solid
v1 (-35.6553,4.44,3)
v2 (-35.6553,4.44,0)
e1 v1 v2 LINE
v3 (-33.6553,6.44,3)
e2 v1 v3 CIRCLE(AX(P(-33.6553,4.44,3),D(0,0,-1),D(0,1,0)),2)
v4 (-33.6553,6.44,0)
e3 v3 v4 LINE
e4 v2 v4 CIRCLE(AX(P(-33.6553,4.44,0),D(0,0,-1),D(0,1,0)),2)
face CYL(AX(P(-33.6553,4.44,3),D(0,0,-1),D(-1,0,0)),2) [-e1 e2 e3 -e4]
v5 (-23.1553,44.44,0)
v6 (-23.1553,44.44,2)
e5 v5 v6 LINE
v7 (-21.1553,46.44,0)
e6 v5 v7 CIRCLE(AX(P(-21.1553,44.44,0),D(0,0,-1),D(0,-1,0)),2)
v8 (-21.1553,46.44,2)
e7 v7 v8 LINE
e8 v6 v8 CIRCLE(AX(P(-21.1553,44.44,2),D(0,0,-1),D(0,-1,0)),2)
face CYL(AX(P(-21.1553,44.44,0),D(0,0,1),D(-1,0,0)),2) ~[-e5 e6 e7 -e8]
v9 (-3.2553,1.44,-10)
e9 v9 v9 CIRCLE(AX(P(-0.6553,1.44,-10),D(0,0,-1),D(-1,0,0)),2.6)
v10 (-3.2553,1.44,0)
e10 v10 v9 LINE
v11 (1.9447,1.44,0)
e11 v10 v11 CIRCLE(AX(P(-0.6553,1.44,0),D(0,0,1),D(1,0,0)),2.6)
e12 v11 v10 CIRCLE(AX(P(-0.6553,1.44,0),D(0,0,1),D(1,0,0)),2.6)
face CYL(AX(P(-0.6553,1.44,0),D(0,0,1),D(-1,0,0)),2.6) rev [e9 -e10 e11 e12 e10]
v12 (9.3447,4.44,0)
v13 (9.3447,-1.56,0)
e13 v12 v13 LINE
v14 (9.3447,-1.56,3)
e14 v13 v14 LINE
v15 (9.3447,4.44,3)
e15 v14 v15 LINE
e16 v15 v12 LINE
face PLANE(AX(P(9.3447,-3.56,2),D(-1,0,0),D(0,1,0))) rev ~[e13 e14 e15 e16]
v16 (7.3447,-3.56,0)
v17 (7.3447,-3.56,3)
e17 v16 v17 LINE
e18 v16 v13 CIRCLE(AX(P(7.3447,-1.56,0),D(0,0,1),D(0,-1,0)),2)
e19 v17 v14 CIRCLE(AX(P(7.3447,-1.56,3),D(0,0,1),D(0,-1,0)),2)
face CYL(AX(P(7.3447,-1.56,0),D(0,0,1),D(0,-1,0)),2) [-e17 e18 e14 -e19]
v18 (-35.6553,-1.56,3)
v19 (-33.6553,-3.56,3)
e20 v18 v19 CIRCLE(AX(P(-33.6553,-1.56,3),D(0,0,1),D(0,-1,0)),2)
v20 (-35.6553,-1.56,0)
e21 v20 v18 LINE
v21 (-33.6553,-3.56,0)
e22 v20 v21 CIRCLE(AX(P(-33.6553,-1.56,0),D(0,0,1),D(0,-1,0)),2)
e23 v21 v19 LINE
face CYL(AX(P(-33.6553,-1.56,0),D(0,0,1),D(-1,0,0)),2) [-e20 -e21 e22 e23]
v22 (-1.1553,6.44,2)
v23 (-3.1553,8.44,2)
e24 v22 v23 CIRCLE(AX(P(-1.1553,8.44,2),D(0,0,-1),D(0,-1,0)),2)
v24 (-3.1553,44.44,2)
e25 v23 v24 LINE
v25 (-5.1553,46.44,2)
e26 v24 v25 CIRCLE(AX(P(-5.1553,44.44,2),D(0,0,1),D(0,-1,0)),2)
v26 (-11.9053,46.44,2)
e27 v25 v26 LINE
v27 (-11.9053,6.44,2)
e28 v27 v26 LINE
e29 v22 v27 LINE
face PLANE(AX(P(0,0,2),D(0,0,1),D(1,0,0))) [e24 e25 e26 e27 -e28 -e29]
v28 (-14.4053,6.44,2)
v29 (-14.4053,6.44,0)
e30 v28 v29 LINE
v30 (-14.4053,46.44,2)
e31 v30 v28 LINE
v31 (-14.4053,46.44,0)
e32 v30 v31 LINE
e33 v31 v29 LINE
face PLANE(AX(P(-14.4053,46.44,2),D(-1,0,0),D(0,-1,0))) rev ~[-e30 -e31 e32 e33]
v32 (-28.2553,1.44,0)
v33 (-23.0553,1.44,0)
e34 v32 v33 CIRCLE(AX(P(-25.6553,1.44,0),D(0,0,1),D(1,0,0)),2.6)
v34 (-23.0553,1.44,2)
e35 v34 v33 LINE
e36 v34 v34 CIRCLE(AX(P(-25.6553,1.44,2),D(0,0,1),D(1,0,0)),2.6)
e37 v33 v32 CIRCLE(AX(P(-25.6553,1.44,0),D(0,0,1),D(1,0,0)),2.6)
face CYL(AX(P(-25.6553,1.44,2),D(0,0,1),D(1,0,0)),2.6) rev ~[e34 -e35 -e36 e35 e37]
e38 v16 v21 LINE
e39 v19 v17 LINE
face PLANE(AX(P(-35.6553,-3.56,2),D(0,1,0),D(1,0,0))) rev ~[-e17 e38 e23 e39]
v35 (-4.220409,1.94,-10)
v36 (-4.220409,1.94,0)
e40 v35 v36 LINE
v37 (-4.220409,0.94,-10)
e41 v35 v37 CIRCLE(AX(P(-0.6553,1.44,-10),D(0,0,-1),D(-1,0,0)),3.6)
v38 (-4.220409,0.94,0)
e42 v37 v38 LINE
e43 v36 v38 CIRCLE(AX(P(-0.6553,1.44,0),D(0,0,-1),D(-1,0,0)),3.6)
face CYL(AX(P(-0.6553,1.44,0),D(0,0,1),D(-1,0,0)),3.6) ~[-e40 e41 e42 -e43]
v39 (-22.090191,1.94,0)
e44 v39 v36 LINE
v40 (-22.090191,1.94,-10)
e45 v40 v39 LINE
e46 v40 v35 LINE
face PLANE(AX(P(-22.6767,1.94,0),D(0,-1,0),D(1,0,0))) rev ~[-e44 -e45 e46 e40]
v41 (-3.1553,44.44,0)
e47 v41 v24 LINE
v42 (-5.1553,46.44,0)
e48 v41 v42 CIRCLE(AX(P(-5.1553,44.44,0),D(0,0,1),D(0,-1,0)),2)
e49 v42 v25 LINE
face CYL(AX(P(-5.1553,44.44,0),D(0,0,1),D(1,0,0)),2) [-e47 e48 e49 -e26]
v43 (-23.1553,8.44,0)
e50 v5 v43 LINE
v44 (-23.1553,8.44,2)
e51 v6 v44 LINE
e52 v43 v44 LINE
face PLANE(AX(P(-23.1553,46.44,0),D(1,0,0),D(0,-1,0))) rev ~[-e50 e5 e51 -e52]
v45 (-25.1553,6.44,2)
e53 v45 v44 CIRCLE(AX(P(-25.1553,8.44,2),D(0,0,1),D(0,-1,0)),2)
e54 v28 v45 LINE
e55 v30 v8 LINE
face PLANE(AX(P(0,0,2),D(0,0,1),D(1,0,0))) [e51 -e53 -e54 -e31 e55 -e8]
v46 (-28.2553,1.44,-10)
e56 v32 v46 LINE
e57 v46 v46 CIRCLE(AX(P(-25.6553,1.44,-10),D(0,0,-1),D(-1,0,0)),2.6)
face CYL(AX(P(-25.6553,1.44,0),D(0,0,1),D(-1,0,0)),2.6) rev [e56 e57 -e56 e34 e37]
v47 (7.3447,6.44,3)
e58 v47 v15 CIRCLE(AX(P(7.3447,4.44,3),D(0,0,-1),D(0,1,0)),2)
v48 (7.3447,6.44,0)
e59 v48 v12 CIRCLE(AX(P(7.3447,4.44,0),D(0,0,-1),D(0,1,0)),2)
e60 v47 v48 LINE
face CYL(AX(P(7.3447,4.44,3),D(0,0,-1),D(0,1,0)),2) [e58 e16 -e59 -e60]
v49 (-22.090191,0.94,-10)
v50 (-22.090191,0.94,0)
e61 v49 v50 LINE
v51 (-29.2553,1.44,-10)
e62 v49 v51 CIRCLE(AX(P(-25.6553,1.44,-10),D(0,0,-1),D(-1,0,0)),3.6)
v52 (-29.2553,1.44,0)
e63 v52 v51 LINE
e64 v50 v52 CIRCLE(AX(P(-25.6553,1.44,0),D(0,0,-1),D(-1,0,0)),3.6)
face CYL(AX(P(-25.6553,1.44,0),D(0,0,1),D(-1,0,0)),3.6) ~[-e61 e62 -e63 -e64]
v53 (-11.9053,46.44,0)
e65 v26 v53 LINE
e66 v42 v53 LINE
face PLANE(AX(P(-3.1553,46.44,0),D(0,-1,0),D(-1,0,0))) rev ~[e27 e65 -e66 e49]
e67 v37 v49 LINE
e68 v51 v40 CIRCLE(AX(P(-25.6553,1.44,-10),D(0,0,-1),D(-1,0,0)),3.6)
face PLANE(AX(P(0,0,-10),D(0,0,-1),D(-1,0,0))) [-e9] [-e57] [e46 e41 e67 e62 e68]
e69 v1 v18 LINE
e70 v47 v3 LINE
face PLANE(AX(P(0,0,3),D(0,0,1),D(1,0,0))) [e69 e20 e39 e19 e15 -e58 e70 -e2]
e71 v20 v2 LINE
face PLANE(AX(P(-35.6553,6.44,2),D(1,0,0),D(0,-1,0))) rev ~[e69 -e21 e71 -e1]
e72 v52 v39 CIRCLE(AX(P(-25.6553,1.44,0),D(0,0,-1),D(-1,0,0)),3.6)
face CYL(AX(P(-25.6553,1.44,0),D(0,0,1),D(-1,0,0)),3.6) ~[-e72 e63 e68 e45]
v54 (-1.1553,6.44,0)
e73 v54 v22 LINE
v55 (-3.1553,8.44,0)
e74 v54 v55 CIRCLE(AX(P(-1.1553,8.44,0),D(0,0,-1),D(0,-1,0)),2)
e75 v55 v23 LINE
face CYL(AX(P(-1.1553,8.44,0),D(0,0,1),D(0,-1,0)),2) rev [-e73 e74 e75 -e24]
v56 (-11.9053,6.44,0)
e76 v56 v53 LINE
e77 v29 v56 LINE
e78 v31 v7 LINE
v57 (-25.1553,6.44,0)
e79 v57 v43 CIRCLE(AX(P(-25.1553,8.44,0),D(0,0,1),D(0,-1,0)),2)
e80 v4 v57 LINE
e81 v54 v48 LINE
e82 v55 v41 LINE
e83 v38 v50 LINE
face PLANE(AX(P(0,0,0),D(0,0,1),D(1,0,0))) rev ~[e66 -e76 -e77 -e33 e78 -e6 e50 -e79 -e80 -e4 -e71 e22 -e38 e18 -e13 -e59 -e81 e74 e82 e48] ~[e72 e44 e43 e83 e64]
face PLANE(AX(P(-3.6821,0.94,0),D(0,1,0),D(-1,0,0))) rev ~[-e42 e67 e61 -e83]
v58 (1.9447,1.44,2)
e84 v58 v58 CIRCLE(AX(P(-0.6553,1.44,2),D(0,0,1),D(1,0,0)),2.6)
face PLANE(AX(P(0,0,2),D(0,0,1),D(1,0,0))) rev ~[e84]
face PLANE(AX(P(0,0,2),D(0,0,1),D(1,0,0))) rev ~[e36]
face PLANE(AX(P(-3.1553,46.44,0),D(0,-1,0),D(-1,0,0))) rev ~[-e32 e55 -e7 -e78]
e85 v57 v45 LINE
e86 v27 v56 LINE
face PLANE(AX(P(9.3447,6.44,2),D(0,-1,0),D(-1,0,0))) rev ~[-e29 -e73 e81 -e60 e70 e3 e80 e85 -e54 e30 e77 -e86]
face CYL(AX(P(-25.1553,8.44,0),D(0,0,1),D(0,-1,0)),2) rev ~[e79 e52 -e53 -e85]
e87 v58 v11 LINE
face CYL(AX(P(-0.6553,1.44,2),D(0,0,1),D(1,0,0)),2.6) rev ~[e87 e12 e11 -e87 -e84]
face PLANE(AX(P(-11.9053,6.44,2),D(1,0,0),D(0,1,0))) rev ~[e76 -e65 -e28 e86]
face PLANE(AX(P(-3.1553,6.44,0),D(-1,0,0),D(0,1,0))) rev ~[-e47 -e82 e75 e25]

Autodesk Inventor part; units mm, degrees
ref_plane "YZ Plane" through (0, 0, 0) normal (1, 0, 0) x (0, 1, 0)
ref_plane "XZ Plane" through (0, 0, 0) normal (0, 1, 0) x (-1, 0, 0)
ref_plane "XY Plane" through (0, 0, 0) normal (0, 0, 1) x (1, 0, 0)
sketch "Sketch1" plane through (0, 0, 0) normal (0, 0, 1) x (1, 0, 0)
  line L0 (-35.6553, 6.44) -> (9.3447, 6.44)
  line L1 (9.3447, 6.44) -> (9.3447, -3.56)
  line L2 (9.3447, -3.56) -> (-35.6553, -3.56)
  line L3 (-35.6553, -3.56) -> (-35.6553, 6.44)
  line L4 (-23.1553, 6.44) -> (-3.1553, 6.44)
  line L5 (-3.1553, 6.44) -> (-3.1553, 46.44)
  line L6 (-3.1553, 46.44) -> (-23.1553, 46.44)
  line L7 (-23.1553, 46.44) -> (-23.1553, 6.44)
  point P0 (0, 0)
  dimension "d0" = 20
  dimension "d1" = 10
  dimension "d2" = 40
  dimension "d3" = 12.5
  dimension "d4" = 12.5
  dimension "d5" = 45
extrude "Extrusion1" add sketch "Sketch1" along normal blind 2
sketch "Sketch2" plane through (0, 0, 2) normal (0, 0, 1) x (1, 0, 0)
  circle A0 centre (-25.6553, 1.44) radius 2.6
  circle A1 centre (-0.6553, 1.44) radius 2.6
  line L0 (9.3447, -3.56) -> (9.3447, 6.44) projected
  line L1 (-35.6553, -3.56) -> (9.3447, -3.56) projected
  point P0 (0, 0)
  dimension "d8" = 5.2
  dimension "d9" = 10
  dimension "d10" = 25
  dimension "d11" = 5.2
  dimension "d12" = 5
  dimension "d13" = 5
extrude "Extrusion2" cut sketch "Sketch2" against normal blind 2
sketch "Sketch3" plane through (0, 0, 2) normal (0, 0, 1) x (1, 0, 0)
  line L0 (-35.6553, -3.56) -> (9.3447, -3.56)
  line L1 (9.3447, -3.56) -> (9.3447, 6.44)
  line L2 (9.3447, 6.44) -> (-35.6553, 6.44)
  line L3 (-35.6553, 6.44) -> (-35.6553, -3.56)
  point P0 (0, 0)
extrude "Extrusion3" add sketch "Sketch3" along normal blind 1
sketch "Sketch4" plane through (0, 0, 2) normal (0, 0, 1) x (1, 0, 0)
  line L0 (-23.1553, 6.44) -> (-3.1553, 6.44) projected
  line L1 (-14.4053, 6.44) -> (-11.9053, 6.44)
  line L2 (-11.9053, 6.44) -> (-11.9053, 46.44)
  line L3 (-11.9053, 46.44) -> (-14.4053, 46.44)
  line L4 (-14.4053, 46.44) -> (-14.4053, 6.44)
  line L5 (-23.1553, 46.44) -> (-23.1553, 6.44) projected
  line L6 (-3.1553, 6.44) -> (-3.1553, 46.44) projected
  point P0 (0, 0)
  dimension "d18" = 2.5
  dimension "d19" = 40
  dimension "d20" = 8.75
  dimension "d21" = 8.75
extrude "Extrusion4" cut sketch "Sketch4" against normal blind 2
fillet "Fillet1" radius 2 6 edges at (-35.6553, 6.44, 1.5) (9.3447, 6.44, 1.5) (-3.1553, 46.44, 1) (-23.1553, 46.44, 1) (-3.1553, 6.44, 1) (-23.1553, 6.44, 1)
fillet "Fillet2" radius 2 2 edges at (9.3447, -3.56, 1.5) (-35.6553, -3.56, 1.5)
sketch "Sketch5" plane through (0, 0, 0) normal (0, 0, -1) x (-1, 0, 0)
  circle A0 centre (0.6553, 1.44) radius 2.6 projected
  circle A1 centre (0.6553, 1.44) radius 2.6
  circle A2 centre (25.6553, 1.44) radius 2.6 projected
  circle A3 centre (25.6553, 1.44) radius 2.6
  circle A4 centre (25.6553, 1.44) radius 3.6
  circle A5 centre (0.6553, 1.44) radius 3.6
  point P0 (0, 0)
  dimension "d26" = 7.2
  dimension "d27" = 7.2
extrude "Extrusion5" add sketch "Sketch5" along normal blind 10
sketch "Sketch6" plane through (0, 0, 0) normal (0, 0, -1) x (-1, 0, 0)
  line L0 (3.6821, 0.94) -> (22.6767, 0.94)
  line L1 (22.6767, 0.94) -> (22.6767, 1.94)
  line L2 (22.6767, 1.94) -> (3.6821, 1.94)
  line L3 (3.6821, 1.94) -> (3.6821, 0.94)
  circle A0 centre (0.6553, 1.44) radius 2.6 projected
  point P0 (0, 0)
  dimension "d30" = 0.5
  dimension "d31" = 0.5
extrude "Extrusion6" add sketch "Sketch6" along normal blind 10 contours L3 L2 L1 L0
properties part number "Top Tube Holder"
